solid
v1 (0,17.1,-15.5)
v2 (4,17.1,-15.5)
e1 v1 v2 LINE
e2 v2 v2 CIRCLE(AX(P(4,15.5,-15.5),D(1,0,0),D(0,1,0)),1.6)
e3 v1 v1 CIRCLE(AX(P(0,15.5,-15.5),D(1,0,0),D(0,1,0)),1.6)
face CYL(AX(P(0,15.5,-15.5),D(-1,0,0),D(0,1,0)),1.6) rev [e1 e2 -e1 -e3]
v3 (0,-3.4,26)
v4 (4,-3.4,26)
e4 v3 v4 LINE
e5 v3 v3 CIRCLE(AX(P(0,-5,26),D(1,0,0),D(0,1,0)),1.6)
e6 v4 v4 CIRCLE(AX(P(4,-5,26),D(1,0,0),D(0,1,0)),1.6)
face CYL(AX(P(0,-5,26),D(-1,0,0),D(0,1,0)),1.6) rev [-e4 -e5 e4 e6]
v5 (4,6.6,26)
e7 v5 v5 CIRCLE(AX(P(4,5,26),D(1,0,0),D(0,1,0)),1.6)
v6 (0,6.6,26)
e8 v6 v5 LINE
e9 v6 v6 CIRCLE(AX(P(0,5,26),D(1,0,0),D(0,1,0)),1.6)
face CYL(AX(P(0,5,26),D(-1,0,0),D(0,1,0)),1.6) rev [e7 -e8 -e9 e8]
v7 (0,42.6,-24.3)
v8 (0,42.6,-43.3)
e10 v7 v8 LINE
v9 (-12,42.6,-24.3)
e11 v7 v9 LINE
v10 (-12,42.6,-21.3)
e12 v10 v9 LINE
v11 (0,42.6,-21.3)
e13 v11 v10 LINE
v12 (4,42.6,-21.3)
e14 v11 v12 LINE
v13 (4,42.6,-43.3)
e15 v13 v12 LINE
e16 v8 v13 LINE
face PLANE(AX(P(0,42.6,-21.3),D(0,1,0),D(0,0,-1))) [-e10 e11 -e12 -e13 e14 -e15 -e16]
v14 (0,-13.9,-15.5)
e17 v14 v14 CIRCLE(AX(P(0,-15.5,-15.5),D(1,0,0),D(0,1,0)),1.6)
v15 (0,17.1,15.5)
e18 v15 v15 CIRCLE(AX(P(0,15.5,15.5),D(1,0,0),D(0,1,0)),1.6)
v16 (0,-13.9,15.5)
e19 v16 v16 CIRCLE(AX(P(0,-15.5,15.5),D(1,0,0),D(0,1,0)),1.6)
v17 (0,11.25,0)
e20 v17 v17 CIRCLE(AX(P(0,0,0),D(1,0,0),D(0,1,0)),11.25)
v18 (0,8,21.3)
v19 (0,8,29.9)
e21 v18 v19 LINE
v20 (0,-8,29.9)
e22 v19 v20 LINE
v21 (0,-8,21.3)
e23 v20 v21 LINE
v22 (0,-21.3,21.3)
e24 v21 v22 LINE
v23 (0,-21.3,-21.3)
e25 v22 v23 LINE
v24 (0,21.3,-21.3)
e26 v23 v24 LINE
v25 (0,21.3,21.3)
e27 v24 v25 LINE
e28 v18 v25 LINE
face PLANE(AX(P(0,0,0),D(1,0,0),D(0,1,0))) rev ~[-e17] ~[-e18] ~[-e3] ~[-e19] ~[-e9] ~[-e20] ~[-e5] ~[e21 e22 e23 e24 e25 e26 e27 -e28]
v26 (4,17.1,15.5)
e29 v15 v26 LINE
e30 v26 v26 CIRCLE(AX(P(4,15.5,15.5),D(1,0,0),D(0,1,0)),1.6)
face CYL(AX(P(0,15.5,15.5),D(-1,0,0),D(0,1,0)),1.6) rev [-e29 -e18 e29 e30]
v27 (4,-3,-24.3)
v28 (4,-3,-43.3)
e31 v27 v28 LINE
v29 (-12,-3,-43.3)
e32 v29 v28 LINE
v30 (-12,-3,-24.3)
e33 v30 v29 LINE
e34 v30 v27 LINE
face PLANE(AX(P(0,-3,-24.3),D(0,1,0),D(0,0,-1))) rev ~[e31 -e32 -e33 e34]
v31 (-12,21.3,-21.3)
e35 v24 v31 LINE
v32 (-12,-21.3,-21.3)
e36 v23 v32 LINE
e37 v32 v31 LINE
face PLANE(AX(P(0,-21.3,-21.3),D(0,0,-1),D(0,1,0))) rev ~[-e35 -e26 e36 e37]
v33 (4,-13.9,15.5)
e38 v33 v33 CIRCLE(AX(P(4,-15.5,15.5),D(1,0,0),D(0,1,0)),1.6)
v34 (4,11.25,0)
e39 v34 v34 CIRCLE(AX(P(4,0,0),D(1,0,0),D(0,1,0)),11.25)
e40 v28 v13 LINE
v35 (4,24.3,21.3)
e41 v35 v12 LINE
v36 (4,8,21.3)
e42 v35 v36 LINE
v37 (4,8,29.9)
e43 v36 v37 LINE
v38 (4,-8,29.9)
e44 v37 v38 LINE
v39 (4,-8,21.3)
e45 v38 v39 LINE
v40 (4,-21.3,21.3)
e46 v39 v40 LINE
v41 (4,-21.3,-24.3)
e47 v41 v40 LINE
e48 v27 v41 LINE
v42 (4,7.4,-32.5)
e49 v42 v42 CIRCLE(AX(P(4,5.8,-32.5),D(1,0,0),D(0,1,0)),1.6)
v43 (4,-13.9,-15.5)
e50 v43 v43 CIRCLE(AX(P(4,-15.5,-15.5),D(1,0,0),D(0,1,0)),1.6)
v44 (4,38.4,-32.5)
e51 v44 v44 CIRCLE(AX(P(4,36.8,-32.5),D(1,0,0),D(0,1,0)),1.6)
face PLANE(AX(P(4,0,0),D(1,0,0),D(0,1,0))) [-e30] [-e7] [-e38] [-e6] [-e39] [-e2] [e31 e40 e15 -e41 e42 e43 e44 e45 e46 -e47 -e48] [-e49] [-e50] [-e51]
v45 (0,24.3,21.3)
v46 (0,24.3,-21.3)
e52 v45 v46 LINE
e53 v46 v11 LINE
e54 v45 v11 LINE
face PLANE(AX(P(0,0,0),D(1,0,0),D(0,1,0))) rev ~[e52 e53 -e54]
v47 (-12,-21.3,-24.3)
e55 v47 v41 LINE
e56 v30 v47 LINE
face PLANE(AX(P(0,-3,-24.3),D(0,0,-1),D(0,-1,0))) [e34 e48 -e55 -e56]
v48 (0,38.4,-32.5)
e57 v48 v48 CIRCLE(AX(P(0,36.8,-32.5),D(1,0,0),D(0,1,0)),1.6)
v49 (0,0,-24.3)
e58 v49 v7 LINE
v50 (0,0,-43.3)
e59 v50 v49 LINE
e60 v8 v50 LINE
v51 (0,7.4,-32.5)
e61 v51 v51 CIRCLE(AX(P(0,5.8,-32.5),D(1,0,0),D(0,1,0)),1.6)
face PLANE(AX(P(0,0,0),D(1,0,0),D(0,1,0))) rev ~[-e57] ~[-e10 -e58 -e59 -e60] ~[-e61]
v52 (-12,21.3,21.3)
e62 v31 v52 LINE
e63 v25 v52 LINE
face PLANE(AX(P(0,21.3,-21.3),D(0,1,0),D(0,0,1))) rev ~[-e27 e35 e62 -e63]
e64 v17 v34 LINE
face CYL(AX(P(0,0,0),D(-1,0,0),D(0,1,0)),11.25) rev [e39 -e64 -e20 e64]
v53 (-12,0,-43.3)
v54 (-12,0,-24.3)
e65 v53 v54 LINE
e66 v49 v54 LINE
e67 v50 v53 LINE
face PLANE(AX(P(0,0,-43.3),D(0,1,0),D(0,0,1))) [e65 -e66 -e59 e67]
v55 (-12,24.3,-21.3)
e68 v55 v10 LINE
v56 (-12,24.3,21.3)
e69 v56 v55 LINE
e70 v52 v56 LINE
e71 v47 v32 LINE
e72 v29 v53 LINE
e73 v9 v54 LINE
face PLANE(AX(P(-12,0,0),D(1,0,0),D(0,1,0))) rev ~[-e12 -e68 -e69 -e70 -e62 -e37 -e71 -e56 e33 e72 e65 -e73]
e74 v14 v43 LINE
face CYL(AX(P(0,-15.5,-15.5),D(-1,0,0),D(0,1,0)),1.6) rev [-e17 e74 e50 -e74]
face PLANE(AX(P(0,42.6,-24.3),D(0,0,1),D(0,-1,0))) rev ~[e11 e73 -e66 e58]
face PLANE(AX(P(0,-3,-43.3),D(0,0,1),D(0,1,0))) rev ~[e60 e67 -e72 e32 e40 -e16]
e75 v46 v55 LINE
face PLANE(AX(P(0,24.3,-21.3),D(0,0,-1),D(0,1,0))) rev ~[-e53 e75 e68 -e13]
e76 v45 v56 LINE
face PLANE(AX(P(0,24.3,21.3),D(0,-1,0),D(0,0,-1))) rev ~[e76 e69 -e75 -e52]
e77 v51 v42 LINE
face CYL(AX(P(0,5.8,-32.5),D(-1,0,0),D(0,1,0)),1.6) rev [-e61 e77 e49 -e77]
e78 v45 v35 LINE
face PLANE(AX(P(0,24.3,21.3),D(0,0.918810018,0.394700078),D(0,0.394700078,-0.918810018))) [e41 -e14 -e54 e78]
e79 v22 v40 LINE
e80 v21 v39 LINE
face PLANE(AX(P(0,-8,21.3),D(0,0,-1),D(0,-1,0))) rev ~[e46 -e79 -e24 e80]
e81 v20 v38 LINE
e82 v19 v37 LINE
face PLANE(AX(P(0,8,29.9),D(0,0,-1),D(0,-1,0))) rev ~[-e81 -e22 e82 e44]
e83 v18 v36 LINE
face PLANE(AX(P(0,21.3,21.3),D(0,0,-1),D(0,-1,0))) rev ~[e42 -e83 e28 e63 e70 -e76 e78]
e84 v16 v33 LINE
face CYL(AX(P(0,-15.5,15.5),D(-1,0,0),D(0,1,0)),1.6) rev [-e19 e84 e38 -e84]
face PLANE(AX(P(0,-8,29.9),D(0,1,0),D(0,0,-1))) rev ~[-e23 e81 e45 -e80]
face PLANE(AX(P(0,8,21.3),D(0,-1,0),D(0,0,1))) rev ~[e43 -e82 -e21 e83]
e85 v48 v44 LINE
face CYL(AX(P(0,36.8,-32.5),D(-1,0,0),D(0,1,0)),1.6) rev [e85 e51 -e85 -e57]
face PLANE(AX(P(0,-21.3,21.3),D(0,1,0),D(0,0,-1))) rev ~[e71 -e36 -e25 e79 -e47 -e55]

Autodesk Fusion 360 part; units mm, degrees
sketch "motor_mount" plane through (0, 0, 0) normal (1, 0, 0) x (0, 1, 0)
  circle A0 centre (0, 0) radius 11.25
  line L0 (15.5, 15.5) -> (-15.5, 15.5) construction
  line L1 (-15.5, 15.5) -> (-15.5, -15.5) construction
  line L2 (-15.5, -15.5) -> (15.5, -15.5) construction
  line L3 (15.5, -15.5) -> (15.5, 15.5) construction
  line L4 (15.5, 15.5) -> (-15.5, -15.5) construction
  line L5 (-15.5, 15.5) -> (15.5, -15.5) construction
  line L6 (21.3, 21.3) -> (-21.3, 21.3)
  line L7 (-21.3, 21.3) -> (-21.3, -21.3)
  line L8 (-21.3, -21.3) -> (21.3, -21.3)
  line L9 (21.3, -21.3) -> (21.3, 21.3)
  line L10 (21.3, 21.3) -> (-21.3, -21.3) construction
  line L11 (-21.3, 21.3) -> (21.3, -21.3) construction
  line L12 (-21.3, -21.3) -> (21.3, -21.3)
  line L13 (-21.3, -21.3) -> (21.3, -21.3)
  line L14 (21.3, -24.3) -> (-21.3, -24.3)
  line L15 (-21.3, -24.3) -> (-21.3, -21.3)
  circle A1 centre (-15.5, 15.5) radius 1.6
  circle A2 centre (15.5, 15.5) radius 1.6
  circle A3 centre (-15.5, -15.5) radius 1.6
  circle A4 centre (15.5, -15.5) radius 1.6
  circle A5 centre (36.8, -32.5) radius 1.6
  circle A6 centre (5.8, -32.5) radius 1.6
  line L16 (5.8, -32.5) -> (36.8, -32.5) construction
  line L17 (0, -24.3) -> (-3, -24.3)
  line L18 (-3, -24.3) -> (-3, -43.3)
  line L19 (-3, -43.3) -> (0, -43.3)
  line L20 (0, -43.3) -> (0, -24.3)
  line L21 (0, -43.3) -> (42.6, -43.3)
  line L22 (42.6, -43.3) -> (42.6, -24.3)
  line L23 (42.6, -24.3) -> (21.3, -24.3)
  line L24 (21.3, -21.3) -> (42.6, -21.3)
  line L25 (42.6, -21.3) -> (42.6, -24.3)
  line L26 (21.3, 21.3) -> (24.3, 21.3)
  line L27 (24.3, 21.3) -> (24.3, -21.3)
  line L28 (24.3, -21.3) -> (21.3, -21.3)
  line L29 (21.3, -21.3) -> (21.3, 21.3)
  line L30 (24.3, 21.3) -> (42.6, -21.3)
  line L31 (0, 21.3) -> (-8, 21.3)
  line L32 (-8, 21.3) -> (8, 21.3)
  line L33 (8, 21.3) -> (8, 29.9)
  line L34 (8, 29.9) -> (-8, 29.9)
  line L35 (-8, 29.9) -> (-8, 21.3)
  circle A7 centre (-5, 26) radius 1.6
  circle A8 centre (5, 26) radius 1.6
  dimension "d1" = 22.5
  dimension "d2" = 31
  dimension "d3" = 31
  dimension "d5" = 42.6
  dimension "d6" = 42.6
  dimension "d8" = 3
  dimension "d9" = 3.2
  dimension "d10" = 3.2
  dimension "d11" = 3.2
  dimension "d12" = 3.2
  dimension "d13" = 3.2
  dimension "d14" = 3.2
  dimension "d267" = 31
  dimension "d268" = 3
  dimension "d269" = 19
  dimension "d270" = 42.6
  dimension "d271" = 3
  dimension "d286" = 8
  dimension "d287" = 16
  dimension "d288" = 8.6
  dimension "d323" = 3.2
  dimension "d324" = 3.2
extrude "Extrude1" add sketch "motor_mount" along normal blind 4 makes body 1
extrude "Extrude2" add sketch "motor_mount" against normal blind 12 contours L9 L24 L26 L27 L28 L29 | L8 L12 L13 L14 L15 L17 L23 L24 L25 L28 | L14 L17 L18 L19 L20 bodies 1
mirror "Mirror1" about plane through (0, 0, 0) normal (0, 1, 0) of bodies 1 makes body 2
hidden bodies 2
equation "pen_min_diam = 8 mm"
equation "pen_max_diam = 13 mm"
equation "pen_holder_diam = 17 mm"
equation "pen_shaft_diam = 23 mm"
equation "pen_sled_diam = 50 mm"
equation "pen_bearing_tolerance = 0.7 mm"
equation "pen_support_diam = 36 mm"
equation "pen_shaft_tolerance = 0.8 mm"
equation "sled_thickness = 4 mm"
equation "bearing_offset_ring_thickness = 0.5 mm"
equation "assembly_tolerance = 0.2 mm"
equation "bearing_1_plane = sled_thickness + bearing_offset_ring_thickness + assembly_tolerance"
equation "bearing_thickness = 3.6 mm"
equation "bearing_2_plane = bearing_1_plane + bearing_thickness + assembly_tolerance"
equation "bearing_cap_plane = bearing_2_plane + bearing_thickness + bearing_offset_ring_thickness + assembly_tolerance"
equation "bearing_cap_threaded_thickness = 4 mm"
equation "bearing_cap_supported_thickness = 4 mm"
equation "bearing_cap_height = 20 mm"
